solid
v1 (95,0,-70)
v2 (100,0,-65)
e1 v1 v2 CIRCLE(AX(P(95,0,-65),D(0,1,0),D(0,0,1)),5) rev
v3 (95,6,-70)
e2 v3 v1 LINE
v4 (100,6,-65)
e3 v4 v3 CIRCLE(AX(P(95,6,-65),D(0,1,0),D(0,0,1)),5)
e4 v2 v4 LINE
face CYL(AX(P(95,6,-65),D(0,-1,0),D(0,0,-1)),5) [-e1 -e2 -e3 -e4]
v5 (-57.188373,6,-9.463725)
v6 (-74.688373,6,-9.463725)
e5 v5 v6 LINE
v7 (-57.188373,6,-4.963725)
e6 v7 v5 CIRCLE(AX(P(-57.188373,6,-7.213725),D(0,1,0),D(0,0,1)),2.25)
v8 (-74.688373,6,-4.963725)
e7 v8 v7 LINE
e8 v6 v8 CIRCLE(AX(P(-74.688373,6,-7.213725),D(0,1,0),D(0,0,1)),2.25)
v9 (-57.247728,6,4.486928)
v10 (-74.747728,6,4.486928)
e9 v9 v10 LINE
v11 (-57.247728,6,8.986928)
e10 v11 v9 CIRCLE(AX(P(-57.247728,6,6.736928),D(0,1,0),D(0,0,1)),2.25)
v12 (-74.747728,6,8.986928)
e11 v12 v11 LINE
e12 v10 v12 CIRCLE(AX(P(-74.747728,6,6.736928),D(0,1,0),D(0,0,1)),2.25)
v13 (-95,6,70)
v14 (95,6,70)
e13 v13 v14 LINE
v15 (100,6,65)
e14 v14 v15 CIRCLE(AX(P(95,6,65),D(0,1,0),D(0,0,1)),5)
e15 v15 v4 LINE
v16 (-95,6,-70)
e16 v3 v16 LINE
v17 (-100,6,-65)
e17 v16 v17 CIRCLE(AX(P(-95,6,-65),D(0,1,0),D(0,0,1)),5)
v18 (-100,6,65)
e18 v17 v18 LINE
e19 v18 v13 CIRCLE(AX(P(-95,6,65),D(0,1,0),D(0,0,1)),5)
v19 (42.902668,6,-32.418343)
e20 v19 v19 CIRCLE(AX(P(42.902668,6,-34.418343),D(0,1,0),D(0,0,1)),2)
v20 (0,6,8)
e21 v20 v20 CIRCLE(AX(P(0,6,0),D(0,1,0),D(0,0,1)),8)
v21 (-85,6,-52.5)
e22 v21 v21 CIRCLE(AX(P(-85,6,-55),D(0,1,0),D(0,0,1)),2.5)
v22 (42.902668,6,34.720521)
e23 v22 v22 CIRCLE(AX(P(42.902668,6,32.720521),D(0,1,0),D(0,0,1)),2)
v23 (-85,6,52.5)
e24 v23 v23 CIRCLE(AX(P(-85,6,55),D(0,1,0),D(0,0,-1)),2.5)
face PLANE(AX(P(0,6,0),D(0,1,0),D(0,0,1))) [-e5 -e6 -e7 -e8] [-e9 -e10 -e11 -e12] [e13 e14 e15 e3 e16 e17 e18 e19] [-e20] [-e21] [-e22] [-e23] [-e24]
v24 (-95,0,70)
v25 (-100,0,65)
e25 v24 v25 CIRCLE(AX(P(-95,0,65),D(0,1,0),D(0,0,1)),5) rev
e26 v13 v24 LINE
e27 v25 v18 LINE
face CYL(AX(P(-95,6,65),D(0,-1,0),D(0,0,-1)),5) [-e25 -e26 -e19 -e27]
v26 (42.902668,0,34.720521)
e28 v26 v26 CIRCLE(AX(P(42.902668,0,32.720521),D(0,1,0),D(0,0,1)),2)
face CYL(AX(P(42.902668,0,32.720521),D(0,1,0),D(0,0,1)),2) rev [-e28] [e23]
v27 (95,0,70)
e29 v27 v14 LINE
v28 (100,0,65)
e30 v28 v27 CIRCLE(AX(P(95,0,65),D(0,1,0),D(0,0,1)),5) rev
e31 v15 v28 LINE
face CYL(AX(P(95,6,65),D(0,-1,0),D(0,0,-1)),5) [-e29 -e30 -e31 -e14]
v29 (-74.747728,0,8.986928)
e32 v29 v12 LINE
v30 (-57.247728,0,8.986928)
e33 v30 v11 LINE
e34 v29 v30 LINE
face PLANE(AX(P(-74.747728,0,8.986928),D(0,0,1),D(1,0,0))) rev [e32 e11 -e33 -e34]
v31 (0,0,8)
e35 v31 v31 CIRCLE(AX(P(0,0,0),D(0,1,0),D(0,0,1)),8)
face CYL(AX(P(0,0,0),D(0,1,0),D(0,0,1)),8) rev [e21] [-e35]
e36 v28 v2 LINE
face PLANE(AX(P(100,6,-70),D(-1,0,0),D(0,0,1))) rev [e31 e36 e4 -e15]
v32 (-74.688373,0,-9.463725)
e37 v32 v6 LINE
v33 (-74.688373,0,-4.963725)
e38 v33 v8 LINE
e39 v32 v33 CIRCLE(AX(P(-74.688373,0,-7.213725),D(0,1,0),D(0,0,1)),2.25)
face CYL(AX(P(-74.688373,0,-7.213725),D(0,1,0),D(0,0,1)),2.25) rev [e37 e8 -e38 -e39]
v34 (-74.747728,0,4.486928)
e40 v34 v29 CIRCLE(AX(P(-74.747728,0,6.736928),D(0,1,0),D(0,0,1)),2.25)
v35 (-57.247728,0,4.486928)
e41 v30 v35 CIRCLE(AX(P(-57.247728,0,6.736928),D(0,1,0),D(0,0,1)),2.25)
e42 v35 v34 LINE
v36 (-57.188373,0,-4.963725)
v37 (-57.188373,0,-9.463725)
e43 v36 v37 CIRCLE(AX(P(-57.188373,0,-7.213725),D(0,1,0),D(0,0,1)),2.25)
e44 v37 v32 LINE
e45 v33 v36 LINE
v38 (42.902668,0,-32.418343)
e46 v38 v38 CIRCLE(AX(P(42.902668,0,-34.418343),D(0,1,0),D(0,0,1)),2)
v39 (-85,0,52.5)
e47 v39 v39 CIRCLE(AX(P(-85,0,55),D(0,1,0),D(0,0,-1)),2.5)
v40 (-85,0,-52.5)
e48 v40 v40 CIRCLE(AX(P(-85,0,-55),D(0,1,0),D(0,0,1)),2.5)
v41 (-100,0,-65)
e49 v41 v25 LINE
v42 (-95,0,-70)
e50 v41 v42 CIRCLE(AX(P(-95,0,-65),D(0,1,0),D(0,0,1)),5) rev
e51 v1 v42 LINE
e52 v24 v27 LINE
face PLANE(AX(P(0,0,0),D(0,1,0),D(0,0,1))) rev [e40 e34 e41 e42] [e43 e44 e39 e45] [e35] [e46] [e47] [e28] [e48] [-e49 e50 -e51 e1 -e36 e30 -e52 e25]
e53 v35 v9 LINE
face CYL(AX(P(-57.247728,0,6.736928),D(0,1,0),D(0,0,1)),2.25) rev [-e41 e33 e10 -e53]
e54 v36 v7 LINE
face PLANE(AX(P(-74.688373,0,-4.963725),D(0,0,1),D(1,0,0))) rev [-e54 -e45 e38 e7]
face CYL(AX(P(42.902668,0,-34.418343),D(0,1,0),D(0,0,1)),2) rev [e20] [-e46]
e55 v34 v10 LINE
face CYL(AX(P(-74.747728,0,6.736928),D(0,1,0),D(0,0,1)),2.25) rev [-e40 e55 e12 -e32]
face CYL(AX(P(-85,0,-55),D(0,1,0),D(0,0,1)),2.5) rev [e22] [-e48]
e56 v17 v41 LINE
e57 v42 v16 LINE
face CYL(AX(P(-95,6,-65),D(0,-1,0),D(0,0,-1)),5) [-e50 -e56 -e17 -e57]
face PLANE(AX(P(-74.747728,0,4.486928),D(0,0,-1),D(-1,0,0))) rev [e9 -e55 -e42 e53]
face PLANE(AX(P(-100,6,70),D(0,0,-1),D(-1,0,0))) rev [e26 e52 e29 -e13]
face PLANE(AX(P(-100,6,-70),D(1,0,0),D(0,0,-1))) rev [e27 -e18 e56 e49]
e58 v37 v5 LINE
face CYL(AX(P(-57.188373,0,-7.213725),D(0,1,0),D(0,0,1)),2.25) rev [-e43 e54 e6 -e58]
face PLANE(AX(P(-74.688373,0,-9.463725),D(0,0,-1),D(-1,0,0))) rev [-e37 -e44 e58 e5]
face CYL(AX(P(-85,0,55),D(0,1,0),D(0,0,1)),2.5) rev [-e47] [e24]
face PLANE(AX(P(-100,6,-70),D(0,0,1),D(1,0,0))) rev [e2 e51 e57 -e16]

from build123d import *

# Parameters (mm, degrees)
SKETCH2_W           = 200
SKETCH2_H           = 140
BOSS_EXTRUDE1_DEPTH = 6
FILLET1_R           = 5
SKETCH3_R           = 2.5
CUT_EXTRUDE1_DEPTH  = 123.21292894
SKETCH4_R           = 8
CUT_EXTRUDE2_DEPTH  = 123.21292894
CUT_EXTRUDE4_DEPTH  = 123.21292894
SKETCH7_R           = 2
CUT_EXTRUDE5_DEPTH  = 123.21292894


with BuildPart() as part:
    # Sketch2 → Boss-Extrude1 (new body)
    with BuildSketch(Plane(origin=(0, 0, 0), x_dir=(1, 0, 0), z_dir=(0, 1, 0))):
        Rectangle(SKETCH2_W, SKETCH2_H)
    extrude(amount=BOSS_EXTRUDE1_DEPTH)

    # Fillet1
    fillet1_edges = [part.edges().sort_by_distance(p)[0] for p in [
        (100, 3, 70),
        (-100, 3, 70),
        (-100, 3, -70),
        (100, 3, -70),
    ]]
    fillet(fillet1_edges, radius=FILLET1_R)

    # Sketch3 → Cut-Extrude1 (cut, through all)
    with BuildSketch(Plane(origin=(0, 6, 0), x_dir=(1, 0, 0), z_dir=(0, 1, 0))):
        with Locations(Location((-85, 55, 0), (0, 0, 270))):
            Circle(SKETCH3_R)
        with Locations(Location((-85, -55, 0), (0, 0, 90))):
            Circle(SKETCH3_R)
    extrude(amount=-CUT_EXTRUDE1_DEPTH, mode=Mode.SUBTRACT)

    # Sketch4 → Cut-Extrude2 (cut, through all)
    with BuildSketch(Plane(origin=(0, 6, 0), x_dir=(1, 0, 0), z_dir=(0, 1, 0))):
        with Locations(Location((0, 0, 0), (0, 0, 270))):
            Circle(SKETCH4_R)
    extrude(amount=-CUT_EXTRUDE2_DEPTH, mode=Mode.SUBTRACT)

    # Sketch6 → Cut-Extrude4 (cut, through all)
    with BuildSketch(Plane(origin=(0, 6, 0), x_dir=(1, 0, 0), z_dir=(0, 1, 0))):
        with BuildLine():
            Line((-74.688373307, 9.463724756), (-57.188373307, 9.463724756))
            ThreePointArc((-57.188373307, 9.463724756), (-54.938373307, 7.213724756), (-57.188373307, 4.963724756))
            Line((-57.188373307, 4.963724756), (-74.688373307, 4.963724756))
            ThreePointArc((-74.688373307, 4.963724756), (-76.938373307, 7.213724756), (-74.688373307, 9.463724756))
        make_face()
        with BuildLine():
            Line((-74.74772766, -4.486928349), (-57.24772766, -4.486928349))
            ThreePointArc((-57.24772766, -4.486928349), (-54.99772766, -6.736928349), (-57.24772766, -8.986928349))
            Line((-57.24772766, -8.986928349), (-74.74772766, -8.986928349))
            ThreePointArc((-74.74772766, -8.986928349), (-76.99772766, -6.736928349), (-74.74772766, -4.486928349))
        make_face()
    extrude(amount=-CUT_EXTRUDE4_DEPTH, mode=Mode.SUBTRACT)

    # Sketch7 → Cut-Extrude5 (cut, through all)
    with BuildSketch(Plane(origin=(0, 6, 0), x_dir=(1, 0, 0), z_dir=(0, 1, 0))):
        with Locations(Location((42.902668062, -32.720520695, 0), (0, 0, 270))):
            Circle(SKETCH7_R)
        with Locations(Location((42.902668062, 34.418343412, 0), (0, 0, 270))):
            Circle(SKETCH7_R)
    extrude(amount=-CUT_EXTRUDE5_DEPTH, mode=Mode.SUBTRACT)


solid = part.part
